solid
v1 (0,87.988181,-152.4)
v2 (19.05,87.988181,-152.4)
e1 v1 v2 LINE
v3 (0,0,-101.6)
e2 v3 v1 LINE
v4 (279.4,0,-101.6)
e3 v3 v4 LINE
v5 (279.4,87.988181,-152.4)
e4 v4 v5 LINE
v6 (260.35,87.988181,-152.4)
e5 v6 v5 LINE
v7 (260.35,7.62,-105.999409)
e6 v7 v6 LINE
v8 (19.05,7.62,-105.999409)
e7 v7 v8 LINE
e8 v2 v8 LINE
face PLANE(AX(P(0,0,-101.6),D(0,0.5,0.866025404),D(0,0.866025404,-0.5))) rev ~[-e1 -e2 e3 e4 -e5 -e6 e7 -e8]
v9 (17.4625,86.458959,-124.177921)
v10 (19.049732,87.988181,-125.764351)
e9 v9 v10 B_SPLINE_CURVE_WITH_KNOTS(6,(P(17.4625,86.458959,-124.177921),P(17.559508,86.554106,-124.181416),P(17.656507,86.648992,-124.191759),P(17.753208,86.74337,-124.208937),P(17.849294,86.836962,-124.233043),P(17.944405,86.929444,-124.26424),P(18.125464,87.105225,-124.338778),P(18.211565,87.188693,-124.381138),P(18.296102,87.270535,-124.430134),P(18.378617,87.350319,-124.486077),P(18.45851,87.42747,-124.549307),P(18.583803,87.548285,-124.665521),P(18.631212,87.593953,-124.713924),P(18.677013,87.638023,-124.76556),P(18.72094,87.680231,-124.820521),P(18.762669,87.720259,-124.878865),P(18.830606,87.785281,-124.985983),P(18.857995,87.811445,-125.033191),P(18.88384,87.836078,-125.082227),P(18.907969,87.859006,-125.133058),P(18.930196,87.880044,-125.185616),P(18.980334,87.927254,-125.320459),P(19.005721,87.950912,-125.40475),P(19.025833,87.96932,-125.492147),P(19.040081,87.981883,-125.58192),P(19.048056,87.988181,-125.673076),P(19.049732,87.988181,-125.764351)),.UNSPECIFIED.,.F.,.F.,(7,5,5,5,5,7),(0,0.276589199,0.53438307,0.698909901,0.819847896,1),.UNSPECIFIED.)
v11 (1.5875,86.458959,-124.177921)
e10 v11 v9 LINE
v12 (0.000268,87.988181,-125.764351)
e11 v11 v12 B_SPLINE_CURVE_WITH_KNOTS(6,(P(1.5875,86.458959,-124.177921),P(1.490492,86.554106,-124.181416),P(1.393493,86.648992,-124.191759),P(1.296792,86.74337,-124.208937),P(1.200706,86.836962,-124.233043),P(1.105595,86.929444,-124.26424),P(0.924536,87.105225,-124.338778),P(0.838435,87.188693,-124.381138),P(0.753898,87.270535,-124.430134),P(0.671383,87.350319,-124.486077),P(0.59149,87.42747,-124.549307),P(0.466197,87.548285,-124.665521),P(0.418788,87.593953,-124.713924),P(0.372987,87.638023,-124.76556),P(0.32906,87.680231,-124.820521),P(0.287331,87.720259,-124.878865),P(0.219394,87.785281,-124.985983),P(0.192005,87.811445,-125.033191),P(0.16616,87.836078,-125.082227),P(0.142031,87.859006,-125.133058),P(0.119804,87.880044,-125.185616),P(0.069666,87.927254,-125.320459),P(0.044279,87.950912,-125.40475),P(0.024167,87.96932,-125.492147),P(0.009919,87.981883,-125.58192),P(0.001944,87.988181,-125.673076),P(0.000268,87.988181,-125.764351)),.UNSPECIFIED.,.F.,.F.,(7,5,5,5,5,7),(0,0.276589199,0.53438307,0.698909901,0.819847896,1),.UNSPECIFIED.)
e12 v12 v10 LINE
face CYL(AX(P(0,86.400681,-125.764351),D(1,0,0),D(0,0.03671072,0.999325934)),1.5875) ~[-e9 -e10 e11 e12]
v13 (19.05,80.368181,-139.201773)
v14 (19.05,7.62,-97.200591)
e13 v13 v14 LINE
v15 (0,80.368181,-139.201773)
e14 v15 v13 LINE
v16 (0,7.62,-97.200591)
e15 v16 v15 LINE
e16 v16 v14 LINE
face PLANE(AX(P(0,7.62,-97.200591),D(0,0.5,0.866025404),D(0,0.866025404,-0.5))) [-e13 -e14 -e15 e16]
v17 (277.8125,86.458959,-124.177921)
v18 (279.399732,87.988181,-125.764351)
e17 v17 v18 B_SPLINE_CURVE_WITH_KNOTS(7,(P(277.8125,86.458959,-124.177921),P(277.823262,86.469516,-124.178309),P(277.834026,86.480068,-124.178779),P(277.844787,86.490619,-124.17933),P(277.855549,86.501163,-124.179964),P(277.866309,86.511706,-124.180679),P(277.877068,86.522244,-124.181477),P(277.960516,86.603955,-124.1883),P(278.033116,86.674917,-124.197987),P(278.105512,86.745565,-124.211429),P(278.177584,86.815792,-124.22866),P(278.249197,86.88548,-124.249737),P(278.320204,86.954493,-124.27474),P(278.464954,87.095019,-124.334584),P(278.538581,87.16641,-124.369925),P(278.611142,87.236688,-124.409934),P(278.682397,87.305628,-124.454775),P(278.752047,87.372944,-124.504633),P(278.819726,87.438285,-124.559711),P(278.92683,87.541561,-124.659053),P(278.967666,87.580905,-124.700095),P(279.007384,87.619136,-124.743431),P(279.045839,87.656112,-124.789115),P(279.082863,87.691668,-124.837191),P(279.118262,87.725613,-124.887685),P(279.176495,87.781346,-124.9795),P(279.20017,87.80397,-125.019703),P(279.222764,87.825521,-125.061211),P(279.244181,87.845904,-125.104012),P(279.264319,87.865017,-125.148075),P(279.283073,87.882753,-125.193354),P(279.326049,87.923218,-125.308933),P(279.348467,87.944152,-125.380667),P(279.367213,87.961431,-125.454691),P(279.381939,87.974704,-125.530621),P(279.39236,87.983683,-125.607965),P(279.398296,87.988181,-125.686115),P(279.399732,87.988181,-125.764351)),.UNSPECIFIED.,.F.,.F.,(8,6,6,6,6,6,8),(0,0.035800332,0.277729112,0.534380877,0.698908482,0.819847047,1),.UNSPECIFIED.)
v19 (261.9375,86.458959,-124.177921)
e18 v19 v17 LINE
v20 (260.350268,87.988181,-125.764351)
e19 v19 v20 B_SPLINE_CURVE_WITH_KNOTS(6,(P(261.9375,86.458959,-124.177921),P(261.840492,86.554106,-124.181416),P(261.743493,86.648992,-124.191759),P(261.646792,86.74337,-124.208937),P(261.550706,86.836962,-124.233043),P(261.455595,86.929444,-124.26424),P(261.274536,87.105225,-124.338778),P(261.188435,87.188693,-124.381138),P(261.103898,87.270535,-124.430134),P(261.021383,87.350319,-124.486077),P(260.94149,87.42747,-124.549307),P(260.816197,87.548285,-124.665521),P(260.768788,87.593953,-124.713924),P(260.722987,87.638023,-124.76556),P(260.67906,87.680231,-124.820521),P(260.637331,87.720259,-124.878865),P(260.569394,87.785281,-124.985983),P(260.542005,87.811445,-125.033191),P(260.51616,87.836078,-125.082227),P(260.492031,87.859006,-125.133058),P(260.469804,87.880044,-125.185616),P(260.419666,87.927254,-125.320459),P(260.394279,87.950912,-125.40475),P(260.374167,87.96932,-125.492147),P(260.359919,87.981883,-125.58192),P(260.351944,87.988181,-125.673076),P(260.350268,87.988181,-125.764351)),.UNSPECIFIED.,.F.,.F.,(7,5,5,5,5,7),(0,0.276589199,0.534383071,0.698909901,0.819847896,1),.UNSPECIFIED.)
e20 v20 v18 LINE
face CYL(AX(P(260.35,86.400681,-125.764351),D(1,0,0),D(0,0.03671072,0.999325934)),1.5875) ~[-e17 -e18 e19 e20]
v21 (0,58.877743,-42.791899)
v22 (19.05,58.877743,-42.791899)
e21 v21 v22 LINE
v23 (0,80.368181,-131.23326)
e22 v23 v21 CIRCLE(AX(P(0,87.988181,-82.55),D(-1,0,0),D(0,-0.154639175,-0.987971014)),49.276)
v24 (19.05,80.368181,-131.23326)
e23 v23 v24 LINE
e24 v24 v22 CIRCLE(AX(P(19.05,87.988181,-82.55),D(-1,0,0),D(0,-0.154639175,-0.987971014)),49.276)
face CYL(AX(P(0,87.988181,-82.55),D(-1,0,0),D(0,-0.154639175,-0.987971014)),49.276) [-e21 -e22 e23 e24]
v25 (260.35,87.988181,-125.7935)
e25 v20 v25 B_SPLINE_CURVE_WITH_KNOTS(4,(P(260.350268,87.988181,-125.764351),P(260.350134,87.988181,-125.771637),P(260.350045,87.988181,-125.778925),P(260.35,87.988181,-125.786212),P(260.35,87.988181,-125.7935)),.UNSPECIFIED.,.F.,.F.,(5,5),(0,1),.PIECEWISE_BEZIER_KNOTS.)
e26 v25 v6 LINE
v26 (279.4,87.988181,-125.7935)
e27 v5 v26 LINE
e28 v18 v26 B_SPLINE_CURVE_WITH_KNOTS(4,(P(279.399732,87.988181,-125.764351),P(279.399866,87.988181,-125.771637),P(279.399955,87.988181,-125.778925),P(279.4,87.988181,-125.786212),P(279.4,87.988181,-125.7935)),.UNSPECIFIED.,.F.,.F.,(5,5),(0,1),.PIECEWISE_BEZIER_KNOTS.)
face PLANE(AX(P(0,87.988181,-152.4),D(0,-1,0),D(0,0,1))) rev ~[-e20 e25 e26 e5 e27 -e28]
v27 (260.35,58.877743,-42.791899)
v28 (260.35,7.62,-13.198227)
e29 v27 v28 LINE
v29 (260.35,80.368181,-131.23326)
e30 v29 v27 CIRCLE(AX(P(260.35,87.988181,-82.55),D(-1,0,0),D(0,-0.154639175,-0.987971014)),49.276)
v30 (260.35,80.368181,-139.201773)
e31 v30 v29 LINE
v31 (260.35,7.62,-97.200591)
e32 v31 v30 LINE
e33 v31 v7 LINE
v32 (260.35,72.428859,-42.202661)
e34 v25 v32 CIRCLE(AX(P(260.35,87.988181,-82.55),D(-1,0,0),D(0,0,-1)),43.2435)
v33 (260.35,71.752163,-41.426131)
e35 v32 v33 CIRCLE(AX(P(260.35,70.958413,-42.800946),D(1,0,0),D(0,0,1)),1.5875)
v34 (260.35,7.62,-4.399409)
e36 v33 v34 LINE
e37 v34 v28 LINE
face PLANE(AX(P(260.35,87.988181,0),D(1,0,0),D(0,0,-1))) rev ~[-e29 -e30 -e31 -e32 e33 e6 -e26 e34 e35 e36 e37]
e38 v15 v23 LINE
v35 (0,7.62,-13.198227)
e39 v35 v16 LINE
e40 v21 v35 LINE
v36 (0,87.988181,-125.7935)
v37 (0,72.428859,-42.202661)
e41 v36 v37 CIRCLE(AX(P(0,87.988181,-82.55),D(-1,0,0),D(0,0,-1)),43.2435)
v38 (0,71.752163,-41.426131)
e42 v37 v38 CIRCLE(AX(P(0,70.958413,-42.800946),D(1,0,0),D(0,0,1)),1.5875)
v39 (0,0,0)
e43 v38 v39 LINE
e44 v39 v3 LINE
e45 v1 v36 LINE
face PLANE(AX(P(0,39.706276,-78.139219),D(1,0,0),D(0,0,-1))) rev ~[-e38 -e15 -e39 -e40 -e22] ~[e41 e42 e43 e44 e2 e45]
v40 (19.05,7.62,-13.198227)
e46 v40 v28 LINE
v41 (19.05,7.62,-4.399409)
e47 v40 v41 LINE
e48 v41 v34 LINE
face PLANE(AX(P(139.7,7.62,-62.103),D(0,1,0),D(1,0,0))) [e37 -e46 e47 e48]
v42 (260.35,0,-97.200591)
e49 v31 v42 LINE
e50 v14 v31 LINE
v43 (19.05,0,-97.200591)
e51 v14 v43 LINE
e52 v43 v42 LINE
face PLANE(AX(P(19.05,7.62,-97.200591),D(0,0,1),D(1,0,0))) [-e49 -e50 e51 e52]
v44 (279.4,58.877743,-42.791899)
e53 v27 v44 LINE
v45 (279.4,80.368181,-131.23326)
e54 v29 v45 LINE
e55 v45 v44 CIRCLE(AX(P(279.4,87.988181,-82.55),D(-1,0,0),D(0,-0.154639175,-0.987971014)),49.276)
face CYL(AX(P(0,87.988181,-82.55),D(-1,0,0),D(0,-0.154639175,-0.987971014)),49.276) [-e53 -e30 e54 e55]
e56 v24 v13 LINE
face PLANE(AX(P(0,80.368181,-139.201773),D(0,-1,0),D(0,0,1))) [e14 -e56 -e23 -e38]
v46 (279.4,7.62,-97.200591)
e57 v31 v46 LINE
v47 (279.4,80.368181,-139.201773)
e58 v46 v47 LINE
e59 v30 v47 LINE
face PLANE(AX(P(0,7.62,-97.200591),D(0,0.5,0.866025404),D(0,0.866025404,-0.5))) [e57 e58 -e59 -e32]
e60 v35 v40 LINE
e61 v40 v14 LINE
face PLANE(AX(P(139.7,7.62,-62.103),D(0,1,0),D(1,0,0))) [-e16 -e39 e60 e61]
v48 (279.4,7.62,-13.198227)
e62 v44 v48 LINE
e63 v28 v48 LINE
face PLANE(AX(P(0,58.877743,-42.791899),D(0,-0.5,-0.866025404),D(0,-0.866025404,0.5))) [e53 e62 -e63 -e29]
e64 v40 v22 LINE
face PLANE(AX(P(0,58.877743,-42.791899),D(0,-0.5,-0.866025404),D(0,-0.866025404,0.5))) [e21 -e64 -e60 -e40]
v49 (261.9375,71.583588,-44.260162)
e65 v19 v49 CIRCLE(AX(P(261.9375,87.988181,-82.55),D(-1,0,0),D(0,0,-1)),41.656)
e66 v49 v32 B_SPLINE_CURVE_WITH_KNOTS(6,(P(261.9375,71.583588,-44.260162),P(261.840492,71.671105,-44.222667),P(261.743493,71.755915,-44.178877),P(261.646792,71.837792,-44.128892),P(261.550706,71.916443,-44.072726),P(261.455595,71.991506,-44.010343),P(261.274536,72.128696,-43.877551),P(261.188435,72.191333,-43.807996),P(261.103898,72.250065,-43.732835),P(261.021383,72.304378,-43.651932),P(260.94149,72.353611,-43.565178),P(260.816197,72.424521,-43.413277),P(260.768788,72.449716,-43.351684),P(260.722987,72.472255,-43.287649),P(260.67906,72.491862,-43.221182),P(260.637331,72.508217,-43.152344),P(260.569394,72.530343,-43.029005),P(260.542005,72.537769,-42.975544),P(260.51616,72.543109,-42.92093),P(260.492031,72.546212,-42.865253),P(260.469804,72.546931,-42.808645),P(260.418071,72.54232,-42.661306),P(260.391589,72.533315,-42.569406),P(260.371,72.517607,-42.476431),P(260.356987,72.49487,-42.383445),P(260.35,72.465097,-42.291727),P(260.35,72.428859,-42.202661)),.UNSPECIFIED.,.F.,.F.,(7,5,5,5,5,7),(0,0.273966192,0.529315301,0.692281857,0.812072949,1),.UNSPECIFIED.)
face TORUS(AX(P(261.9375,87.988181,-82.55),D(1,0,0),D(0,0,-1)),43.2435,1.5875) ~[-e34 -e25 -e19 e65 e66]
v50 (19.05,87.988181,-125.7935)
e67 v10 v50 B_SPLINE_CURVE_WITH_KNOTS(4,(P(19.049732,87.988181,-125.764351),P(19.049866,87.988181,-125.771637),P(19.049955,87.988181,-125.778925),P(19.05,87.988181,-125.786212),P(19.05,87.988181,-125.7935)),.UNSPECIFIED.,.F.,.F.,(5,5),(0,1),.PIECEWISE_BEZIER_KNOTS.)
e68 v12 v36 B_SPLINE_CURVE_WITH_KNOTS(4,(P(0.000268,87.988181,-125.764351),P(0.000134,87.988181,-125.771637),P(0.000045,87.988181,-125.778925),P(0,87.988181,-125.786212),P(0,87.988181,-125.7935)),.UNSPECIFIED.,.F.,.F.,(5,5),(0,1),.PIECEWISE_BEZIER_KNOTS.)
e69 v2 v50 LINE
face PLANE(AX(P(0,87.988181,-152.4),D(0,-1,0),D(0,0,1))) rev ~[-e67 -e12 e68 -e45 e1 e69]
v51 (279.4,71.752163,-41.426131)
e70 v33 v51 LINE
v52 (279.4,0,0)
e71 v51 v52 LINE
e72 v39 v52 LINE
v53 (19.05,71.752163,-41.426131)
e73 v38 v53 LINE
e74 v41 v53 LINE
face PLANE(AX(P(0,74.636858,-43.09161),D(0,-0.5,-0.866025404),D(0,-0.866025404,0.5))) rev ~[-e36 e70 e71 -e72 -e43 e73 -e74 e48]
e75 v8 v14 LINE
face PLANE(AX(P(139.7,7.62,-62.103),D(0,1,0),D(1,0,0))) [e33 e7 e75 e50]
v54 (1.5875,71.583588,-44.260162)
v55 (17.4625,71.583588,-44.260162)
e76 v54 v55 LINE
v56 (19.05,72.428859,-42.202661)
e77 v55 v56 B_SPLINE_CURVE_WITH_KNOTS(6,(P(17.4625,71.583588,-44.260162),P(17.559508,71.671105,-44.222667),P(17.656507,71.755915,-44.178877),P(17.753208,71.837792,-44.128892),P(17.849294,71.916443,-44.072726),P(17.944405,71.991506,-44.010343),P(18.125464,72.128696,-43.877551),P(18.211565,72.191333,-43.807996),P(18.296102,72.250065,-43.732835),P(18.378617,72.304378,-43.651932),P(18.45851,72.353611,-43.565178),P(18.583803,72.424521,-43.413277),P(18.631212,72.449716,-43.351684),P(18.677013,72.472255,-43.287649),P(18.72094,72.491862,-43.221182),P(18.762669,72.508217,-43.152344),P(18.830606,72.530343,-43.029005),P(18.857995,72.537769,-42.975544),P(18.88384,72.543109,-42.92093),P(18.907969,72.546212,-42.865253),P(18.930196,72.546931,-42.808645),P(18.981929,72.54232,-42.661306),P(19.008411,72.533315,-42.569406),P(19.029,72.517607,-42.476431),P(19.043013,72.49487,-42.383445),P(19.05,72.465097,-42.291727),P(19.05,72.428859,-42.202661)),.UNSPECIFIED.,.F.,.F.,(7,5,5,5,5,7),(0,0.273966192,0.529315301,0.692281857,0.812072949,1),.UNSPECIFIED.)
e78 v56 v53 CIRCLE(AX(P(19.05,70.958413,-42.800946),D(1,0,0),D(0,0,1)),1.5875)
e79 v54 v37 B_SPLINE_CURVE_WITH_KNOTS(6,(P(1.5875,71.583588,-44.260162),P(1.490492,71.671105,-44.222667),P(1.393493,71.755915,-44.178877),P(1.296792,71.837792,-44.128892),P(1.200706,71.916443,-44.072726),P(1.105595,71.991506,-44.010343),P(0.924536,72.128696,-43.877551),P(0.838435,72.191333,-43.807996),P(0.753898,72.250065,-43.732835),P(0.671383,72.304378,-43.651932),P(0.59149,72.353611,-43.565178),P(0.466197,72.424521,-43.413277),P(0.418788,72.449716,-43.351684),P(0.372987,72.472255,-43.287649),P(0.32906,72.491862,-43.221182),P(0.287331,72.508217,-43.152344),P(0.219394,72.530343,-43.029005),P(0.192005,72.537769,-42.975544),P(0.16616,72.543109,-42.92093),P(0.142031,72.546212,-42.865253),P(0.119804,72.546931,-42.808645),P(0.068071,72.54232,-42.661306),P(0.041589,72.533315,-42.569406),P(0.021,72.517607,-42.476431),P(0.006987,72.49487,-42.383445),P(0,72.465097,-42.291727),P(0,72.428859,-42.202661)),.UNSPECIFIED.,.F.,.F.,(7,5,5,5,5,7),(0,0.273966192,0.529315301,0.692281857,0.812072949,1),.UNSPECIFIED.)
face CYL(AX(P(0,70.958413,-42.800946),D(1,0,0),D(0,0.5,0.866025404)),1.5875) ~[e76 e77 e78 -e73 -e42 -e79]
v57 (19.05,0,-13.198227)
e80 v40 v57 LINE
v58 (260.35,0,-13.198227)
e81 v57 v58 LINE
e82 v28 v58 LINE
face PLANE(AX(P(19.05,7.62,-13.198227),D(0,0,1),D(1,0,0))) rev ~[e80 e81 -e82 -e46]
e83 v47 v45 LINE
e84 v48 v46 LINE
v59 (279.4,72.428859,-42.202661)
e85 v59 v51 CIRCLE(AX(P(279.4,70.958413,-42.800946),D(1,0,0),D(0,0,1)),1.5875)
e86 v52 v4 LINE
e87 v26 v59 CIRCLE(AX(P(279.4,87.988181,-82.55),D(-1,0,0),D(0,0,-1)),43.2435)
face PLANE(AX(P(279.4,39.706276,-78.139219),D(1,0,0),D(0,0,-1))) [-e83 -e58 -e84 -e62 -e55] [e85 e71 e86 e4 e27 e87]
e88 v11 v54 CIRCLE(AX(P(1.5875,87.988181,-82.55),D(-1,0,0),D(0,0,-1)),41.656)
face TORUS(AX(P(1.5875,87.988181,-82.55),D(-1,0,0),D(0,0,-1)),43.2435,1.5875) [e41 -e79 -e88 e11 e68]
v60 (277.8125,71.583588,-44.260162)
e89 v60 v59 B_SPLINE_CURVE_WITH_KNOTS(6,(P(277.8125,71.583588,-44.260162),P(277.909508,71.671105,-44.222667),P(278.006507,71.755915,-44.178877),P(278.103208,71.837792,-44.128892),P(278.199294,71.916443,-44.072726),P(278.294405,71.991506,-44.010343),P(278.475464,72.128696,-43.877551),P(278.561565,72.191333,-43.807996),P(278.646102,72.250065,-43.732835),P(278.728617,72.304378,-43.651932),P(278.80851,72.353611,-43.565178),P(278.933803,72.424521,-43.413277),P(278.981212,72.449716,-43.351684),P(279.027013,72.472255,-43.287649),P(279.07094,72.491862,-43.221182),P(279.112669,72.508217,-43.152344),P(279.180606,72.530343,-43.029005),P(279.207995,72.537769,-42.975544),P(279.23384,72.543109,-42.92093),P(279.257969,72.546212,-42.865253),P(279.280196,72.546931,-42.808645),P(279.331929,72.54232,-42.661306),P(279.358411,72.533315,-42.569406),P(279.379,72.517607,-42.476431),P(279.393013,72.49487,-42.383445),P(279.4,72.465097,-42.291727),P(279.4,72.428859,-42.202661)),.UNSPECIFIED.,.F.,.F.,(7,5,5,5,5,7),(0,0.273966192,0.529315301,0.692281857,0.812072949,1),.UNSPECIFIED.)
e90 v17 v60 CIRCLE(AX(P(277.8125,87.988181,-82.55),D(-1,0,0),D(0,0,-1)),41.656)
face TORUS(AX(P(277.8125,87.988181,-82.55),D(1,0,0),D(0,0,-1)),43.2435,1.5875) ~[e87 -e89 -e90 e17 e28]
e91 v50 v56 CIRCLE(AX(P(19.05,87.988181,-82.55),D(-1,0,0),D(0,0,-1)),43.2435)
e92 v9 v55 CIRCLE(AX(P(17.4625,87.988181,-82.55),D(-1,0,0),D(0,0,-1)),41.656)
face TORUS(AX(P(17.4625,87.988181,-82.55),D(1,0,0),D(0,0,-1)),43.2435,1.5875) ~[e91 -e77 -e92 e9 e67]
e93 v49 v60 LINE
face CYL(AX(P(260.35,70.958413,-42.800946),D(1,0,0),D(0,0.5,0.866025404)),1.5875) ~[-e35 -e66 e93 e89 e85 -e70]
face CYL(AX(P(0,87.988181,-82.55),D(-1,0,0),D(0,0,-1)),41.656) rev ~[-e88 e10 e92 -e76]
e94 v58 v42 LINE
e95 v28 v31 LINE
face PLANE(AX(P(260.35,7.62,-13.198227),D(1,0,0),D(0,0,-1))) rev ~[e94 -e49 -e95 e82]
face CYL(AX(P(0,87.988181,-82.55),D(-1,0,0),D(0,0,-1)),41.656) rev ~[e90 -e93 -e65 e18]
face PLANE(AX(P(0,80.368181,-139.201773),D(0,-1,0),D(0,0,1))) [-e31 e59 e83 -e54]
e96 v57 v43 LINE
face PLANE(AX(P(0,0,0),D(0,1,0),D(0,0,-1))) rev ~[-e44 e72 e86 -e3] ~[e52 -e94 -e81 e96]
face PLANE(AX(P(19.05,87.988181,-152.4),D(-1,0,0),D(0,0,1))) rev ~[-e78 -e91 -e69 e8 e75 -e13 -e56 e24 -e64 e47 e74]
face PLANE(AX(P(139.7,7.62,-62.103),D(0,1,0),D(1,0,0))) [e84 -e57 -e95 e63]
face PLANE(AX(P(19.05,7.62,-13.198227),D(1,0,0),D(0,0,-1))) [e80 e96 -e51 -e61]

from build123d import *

# Parameters (mm, degrees)
BOSS_EXTRUDE1_DEPTH = 279.4
SKETCH2_W           = 241.3
SKETCH2_H           = 124.206
SKETCH2_H_2         = 28.194
CUT_EXTRUDE3_DEPTH  = 80.368181
FILLET1_R           = 1.5875
SKETCH4_W           = 241.3
SKETCH4_H           = 84.002363795
CUT_EXTRUDE5_DEPTH  = 7.62


with BuildPart() as part:
    # Sketch1 → Boss-Extrude1 (new body)
    with BuildSketch(Plane(origin=(0, 0, 0), x_dir=(0, 0, -1), z_dir=(1, 0, 0))):
        with BuildLine():
            Line((0, 0), (101.6, 0))
            Line((101.6, 0), (152.4, 87.988181024))
            Line((152.4, 87.988181024), (124.206, 87.988181024))
            ThreePointArc((124.206, 87.988181024), (89.315487923, 46.885255226), (43.091610276, 74.636858378))
            Line((43.091610276, 74.636858378), (0, 0))
        make_face()
        with BuildLine():
            Line((139.201772846, 80.368181024), (131.23325971, 80.368181024))
            ThreePointArc((131.23325971, 80.368181024), (94.185048049, 40.105513671), (42.791899046, 58.8777433))
            Line((42.791899046, 58.8777433), (13.198227154, 7.62))
            Line((13.198227154, 7.62), (97.200590949, 7.62))
            Line((97.200590949, 7.62), (139.201772846, 80.368181024))
        make_face(mode=Mode.SUBTRACT)
    extrude(amount=BOSS_EXTRUDE1_DEPTH)

    # Sketch2 → Cut-Extrude3 (cut)
    with BuildSketch(Plane(origin=(0, 87.988181024, 0), x_dir=(1, 0, 0), z_dir=(0, 1, 0))):
        with Locations((139.7, 62.103)):
            Rectangle(SKETCH2_W, SKETCH2_H)
        with Locations((139.7, 138.303)):
            Rectangle(SKETCH2_W, SKETCH2_H_2)
    extrude(amount=-CUT_EXTRUDE3_DEPTH, mode=Mode.SUBTRACT)

    # Fillet1
    fillet1_edges = [part.edges().sort_by_distance(p)[0] for p in [
        (279.4, 46.885255226, -89.315487923),
        (9.525, 74.636858378, -43.091610276),
        (9.525, 87.988181024, -124.206),
        (19.05, 46.885255226, -89.315487923),
        (260.35, 46.885255226, -89.315487923),
        (0, 46.885255226, -89.315487923),
        (269.875, 74.636858378, -43.091610276),
        (269.875, 87.988181024, -124.206),
    ]]
    fillet(fillet1_edges, radius=FILLET1_R)

    # Sketch4 → Cut-Extrude5 (cut)
    with BuildSketch(Plane(origin=(0, 7.62, 0), x_dir=(1, 0, 0), z_dir=(0, 1, 0))):
        with Locations((139.7, 55.199409051)):
            Rectangle(SKETCH4_W, SKETCH4_H)
    extrude(amount=-CUT_EXTRUDE5_DEPTH, mode=Mode.SUBTRACT)


solid = part.part
